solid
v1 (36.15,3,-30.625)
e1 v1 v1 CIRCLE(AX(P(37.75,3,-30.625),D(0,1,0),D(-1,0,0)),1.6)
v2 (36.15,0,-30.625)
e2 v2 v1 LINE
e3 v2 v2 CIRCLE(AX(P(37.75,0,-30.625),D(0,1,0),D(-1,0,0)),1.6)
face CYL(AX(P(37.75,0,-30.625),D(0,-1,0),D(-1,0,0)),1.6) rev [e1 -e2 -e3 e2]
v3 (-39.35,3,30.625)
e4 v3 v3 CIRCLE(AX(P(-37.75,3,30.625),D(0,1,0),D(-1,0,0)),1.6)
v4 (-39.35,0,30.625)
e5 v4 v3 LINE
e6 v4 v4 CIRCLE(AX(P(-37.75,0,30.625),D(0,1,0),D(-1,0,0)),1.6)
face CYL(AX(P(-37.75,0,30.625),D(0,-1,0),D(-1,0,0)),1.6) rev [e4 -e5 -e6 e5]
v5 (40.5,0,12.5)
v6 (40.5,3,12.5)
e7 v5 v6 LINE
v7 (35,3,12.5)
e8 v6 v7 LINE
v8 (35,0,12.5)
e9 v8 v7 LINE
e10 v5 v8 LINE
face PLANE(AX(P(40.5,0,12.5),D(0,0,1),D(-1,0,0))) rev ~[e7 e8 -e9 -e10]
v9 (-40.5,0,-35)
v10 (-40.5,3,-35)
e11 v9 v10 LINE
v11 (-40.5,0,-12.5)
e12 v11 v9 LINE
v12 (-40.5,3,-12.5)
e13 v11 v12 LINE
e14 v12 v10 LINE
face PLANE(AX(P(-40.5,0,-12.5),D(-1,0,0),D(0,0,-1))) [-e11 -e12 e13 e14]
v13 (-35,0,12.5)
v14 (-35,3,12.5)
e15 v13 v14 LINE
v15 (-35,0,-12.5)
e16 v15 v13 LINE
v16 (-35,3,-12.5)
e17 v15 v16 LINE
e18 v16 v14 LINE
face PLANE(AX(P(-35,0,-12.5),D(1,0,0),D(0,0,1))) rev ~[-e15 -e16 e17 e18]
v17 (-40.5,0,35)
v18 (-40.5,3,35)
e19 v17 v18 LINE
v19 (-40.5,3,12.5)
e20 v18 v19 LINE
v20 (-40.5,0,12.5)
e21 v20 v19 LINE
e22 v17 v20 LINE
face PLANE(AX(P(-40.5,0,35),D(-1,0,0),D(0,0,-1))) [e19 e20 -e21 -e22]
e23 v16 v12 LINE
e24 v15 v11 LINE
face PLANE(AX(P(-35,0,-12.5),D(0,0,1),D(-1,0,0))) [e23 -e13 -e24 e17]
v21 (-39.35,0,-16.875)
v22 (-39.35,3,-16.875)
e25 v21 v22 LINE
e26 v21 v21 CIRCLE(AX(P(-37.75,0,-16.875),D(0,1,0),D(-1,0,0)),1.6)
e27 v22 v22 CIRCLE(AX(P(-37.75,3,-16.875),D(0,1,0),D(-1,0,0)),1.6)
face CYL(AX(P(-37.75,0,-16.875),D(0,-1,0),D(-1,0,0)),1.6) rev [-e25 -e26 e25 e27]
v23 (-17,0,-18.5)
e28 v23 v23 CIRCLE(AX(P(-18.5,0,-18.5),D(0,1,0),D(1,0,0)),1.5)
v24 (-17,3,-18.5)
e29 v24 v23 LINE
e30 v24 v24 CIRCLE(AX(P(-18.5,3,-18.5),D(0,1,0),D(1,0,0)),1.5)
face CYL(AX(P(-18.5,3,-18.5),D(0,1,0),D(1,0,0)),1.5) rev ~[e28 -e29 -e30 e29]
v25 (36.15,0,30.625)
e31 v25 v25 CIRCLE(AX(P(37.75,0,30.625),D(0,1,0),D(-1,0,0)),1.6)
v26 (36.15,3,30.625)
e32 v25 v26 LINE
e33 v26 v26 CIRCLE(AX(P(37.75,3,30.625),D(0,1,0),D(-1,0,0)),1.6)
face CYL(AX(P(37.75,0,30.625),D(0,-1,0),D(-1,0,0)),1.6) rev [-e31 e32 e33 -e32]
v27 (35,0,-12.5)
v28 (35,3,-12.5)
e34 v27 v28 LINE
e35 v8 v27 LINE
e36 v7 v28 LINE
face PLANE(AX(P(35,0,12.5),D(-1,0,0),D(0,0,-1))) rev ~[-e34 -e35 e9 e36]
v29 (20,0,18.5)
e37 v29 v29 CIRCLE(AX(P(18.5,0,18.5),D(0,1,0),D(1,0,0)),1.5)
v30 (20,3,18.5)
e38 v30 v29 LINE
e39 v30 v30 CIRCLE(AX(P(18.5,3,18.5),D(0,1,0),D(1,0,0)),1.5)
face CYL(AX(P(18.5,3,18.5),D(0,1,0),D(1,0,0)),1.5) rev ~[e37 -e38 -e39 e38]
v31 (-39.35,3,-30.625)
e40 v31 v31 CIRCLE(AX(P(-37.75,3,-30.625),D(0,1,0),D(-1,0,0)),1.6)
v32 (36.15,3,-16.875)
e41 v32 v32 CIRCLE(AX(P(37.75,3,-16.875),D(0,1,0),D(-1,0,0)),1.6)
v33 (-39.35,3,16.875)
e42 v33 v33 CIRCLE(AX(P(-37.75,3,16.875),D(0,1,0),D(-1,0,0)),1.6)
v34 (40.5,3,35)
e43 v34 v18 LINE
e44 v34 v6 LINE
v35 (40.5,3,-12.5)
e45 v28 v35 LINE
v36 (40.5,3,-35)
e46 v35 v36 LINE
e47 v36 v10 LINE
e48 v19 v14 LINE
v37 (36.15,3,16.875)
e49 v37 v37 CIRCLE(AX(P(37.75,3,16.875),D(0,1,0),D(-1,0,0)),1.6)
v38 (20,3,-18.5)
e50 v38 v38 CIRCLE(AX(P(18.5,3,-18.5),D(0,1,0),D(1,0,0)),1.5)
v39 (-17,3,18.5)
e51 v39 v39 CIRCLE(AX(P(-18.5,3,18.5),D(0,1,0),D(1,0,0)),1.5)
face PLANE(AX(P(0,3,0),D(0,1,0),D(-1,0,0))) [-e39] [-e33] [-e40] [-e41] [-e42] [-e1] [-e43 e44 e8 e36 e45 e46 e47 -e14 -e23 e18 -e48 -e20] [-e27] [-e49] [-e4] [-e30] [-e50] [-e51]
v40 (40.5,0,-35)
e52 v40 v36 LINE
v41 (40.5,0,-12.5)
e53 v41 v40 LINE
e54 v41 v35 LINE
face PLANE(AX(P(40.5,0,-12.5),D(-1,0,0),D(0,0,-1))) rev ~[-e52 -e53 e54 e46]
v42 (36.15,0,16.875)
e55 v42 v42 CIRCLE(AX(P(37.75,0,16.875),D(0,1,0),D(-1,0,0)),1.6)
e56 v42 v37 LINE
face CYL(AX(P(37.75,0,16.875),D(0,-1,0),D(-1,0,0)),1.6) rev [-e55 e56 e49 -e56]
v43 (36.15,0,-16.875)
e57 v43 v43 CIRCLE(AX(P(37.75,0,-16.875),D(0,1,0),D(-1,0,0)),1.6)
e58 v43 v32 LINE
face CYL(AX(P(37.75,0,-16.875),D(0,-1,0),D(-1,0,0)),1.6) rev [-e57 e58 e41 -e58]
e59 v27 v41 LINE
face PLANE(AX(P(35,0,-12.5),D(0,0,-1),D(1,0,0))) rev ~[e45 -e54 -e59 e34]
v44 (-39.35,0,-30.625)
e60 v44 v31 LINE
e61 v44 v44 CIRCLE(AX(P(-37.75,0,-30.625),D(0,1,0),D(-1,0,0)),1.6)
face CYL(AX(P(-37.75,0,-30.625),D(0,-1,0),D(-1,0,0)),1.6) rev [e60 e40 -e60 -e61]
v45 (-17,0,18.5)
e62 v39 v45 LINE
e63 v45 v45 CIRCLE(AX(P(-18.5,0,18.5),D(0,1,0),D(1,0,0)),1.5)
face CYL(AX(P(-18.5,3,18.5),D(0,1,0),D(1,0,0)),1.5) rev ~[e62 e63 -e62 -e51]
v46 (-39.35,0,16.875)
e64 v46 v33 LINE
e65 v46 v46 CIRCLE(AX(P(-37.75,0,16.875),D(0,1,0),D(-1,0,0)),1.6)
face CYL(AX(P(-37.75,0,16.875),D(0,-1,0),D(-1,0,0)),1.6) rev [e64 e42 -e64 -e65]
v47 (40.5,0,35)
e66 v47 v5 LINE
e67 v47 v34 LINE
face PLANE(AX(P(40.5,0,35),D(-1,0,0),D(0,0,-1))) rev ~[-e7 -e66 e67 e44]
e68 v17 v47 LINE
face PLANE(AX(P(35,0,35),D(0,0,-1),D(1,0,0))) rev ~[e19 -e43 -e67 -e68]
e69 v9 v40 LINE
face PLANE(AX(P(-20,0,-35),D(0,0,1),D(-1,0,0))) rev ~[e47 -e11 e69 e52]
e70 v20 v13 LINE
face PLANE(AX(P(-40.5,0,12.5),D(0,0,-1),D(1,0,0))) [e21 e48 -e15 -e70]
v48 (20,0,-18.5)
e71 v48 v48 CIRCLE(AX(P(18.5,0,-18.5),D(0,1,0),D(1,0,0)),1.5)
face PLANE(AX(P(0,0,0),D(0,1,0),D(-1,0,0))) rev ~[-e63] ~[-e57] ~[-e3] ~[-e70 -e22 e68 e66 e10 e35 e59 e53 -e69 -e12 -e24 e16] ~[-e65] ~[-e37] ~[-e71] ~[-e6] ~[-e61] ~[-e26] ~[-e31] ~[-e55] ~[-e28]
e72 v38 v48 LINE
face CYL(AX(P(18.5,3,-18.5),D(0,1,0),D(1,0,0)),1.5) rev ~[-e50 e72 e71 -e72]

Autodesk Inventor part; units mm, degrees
ref_plane "YZ Plane" through (0, 0, 0) normal (1, 0, 0) x (0, 1, 0)
ref_plane "XZ Plane" through (0, 0, 0) normal (0, 1, 0) x (-1, 0, 0)
ref_plane "XY Plane" through (0, 0, 0) normal (0, 0, 1) x (1, 0, 0)
sketch "Эскиз1" plane through (0, 0, 0) normal (0, 1, 0) x (-1, 0, 0)
  circle A0 centre (-37.75, 16.875) radius 1.6
  circle A1 centre (-37.75, 30.625) radius 1.6
  line L0 (-40.5, 35) -> (-40.5, 12.5)
  line L1 (-40.5, 12.5) -> (-35, 12.5)
  line L2 (-35, 35) -> (-35, 12.5)
  line L3 (-35, 35) -> (-40.5, 35)
  circle A2 centre (37.75, 16.875) radius 1.6
  circle A3 centre (37.75, 30.625) radius 1.6
  line L4 (40.5, 35) -> (40.5, 12.5)
  line L5 (35, 35) -> (40.5, 35)
  line L6 (35, 12.5) -> (35, 35)
  line L7 (40.5, 12.5) -> (35, 12.5)
  circle A4 centre (37.75, -16.875) radius 1.6
  circle A5 centre (37.75, -30.625) radius 1.6
  line L8 (40.5, -35) -> (35, -35)
  line L9 (40.5, -12.5) -> (40.5, -35)
  line L10 (35, -12.5) -> (40.5, -12.5)
  line L11 (35, -35) -> (35, -12.5)
  circle A6 centre (-37.75, -16.875) radius 1.6
  circle A7 centre (-37.75, -30.625) radius 1.6
  line L12 (-40.5, -35) -> (-35, -35)
  line L13 (-35, -12.5) -> (-35, -35)
  line L14 (-35, -12.5) -> (-40.5, -12.5)
  line L15 (-40.5, -12.5) -> (-40.5, -35)
  line L16 (-40.5, -12.5) -> (-35, -12.5)
  line L17 (-35, 12.5) -> (-35, -12.5)
  line L18 (-35, 12.5) -> (-40.5, 12.5)
  line L19 (-40.5, -12.5) -> (-40.5, 12.5)
  line L20 (40.5, 12.5) -> (35, 12.5)
  line L21 (35, -12.5) -> (35, 12.5)
  line L22 (35, -12.5) -> (40.5, -12.5)
  line L23 (40.5, -12.5) -> (40.5, 12.5)
  line L24 (20, 35) -> (-20, 35)
  line L25 (-20, 35) -> (-35, 35)
  line L26 (35, 35) -> (20, 35)
  line L27 (-35, -35) -> (-20, -35)
  line L28 (-20, -35) -> (20, -35)
  line L29 (20, -35) -> (35, -35)
  line L30 (40.5, 35) -> (-40.5, 35)
  line L31 (-40.5, 35) -> (-40.5, -35)
  line L32 (-40.5, -35) -> (40.5, -35)
  line L33 (40.5, -35) -> (40.5, 35)
  point P0 (0, 0)
  point P1 (0, 0)
extrude "Выдавливание1" add sketch "Эскиз1" along normal blind 3 contours L3 L2 L1 L0 | L25 L24 L26 L6 L21 L11 L29 L28 L27 L13 L17 L2 | L14 L13 L12 L15 | L5 L4 L7 L6 | L10 L9 L8 L11
sketch "Эскиз2" plane through (0, 3, 0) normal (0, 1, 0) x (1, 0, 0)
  line L0 (21.5, 21.875) -> (21.5, -21.875)
  line L1 (-21.5, 21.875) -> (21.5, 21.875)
  line L2 (-21.5, -21.875) -> (-21.5, 21.875)
  line L3 (21.5, -21.875) -> (-21.5, -21.875)
  circle A0 centre (-18.5, 18.5) radius 1.5
  circle A1 centre (18.5, 18.5) radius 1.5
  circle A2 centre (18.5, -18.5) radius 1.5
  circle A3 centre (-18.5, -18.5) radius 1.5
  point P0 (0, 0)
  point P1 (0, 0)
extrude "Выдавливание2" cut sketch "Эскиз2" against normal blind 10 contours A0 | A1 | A2 | A3
properties part number "000.104 - Дно цетрального сегмента"
